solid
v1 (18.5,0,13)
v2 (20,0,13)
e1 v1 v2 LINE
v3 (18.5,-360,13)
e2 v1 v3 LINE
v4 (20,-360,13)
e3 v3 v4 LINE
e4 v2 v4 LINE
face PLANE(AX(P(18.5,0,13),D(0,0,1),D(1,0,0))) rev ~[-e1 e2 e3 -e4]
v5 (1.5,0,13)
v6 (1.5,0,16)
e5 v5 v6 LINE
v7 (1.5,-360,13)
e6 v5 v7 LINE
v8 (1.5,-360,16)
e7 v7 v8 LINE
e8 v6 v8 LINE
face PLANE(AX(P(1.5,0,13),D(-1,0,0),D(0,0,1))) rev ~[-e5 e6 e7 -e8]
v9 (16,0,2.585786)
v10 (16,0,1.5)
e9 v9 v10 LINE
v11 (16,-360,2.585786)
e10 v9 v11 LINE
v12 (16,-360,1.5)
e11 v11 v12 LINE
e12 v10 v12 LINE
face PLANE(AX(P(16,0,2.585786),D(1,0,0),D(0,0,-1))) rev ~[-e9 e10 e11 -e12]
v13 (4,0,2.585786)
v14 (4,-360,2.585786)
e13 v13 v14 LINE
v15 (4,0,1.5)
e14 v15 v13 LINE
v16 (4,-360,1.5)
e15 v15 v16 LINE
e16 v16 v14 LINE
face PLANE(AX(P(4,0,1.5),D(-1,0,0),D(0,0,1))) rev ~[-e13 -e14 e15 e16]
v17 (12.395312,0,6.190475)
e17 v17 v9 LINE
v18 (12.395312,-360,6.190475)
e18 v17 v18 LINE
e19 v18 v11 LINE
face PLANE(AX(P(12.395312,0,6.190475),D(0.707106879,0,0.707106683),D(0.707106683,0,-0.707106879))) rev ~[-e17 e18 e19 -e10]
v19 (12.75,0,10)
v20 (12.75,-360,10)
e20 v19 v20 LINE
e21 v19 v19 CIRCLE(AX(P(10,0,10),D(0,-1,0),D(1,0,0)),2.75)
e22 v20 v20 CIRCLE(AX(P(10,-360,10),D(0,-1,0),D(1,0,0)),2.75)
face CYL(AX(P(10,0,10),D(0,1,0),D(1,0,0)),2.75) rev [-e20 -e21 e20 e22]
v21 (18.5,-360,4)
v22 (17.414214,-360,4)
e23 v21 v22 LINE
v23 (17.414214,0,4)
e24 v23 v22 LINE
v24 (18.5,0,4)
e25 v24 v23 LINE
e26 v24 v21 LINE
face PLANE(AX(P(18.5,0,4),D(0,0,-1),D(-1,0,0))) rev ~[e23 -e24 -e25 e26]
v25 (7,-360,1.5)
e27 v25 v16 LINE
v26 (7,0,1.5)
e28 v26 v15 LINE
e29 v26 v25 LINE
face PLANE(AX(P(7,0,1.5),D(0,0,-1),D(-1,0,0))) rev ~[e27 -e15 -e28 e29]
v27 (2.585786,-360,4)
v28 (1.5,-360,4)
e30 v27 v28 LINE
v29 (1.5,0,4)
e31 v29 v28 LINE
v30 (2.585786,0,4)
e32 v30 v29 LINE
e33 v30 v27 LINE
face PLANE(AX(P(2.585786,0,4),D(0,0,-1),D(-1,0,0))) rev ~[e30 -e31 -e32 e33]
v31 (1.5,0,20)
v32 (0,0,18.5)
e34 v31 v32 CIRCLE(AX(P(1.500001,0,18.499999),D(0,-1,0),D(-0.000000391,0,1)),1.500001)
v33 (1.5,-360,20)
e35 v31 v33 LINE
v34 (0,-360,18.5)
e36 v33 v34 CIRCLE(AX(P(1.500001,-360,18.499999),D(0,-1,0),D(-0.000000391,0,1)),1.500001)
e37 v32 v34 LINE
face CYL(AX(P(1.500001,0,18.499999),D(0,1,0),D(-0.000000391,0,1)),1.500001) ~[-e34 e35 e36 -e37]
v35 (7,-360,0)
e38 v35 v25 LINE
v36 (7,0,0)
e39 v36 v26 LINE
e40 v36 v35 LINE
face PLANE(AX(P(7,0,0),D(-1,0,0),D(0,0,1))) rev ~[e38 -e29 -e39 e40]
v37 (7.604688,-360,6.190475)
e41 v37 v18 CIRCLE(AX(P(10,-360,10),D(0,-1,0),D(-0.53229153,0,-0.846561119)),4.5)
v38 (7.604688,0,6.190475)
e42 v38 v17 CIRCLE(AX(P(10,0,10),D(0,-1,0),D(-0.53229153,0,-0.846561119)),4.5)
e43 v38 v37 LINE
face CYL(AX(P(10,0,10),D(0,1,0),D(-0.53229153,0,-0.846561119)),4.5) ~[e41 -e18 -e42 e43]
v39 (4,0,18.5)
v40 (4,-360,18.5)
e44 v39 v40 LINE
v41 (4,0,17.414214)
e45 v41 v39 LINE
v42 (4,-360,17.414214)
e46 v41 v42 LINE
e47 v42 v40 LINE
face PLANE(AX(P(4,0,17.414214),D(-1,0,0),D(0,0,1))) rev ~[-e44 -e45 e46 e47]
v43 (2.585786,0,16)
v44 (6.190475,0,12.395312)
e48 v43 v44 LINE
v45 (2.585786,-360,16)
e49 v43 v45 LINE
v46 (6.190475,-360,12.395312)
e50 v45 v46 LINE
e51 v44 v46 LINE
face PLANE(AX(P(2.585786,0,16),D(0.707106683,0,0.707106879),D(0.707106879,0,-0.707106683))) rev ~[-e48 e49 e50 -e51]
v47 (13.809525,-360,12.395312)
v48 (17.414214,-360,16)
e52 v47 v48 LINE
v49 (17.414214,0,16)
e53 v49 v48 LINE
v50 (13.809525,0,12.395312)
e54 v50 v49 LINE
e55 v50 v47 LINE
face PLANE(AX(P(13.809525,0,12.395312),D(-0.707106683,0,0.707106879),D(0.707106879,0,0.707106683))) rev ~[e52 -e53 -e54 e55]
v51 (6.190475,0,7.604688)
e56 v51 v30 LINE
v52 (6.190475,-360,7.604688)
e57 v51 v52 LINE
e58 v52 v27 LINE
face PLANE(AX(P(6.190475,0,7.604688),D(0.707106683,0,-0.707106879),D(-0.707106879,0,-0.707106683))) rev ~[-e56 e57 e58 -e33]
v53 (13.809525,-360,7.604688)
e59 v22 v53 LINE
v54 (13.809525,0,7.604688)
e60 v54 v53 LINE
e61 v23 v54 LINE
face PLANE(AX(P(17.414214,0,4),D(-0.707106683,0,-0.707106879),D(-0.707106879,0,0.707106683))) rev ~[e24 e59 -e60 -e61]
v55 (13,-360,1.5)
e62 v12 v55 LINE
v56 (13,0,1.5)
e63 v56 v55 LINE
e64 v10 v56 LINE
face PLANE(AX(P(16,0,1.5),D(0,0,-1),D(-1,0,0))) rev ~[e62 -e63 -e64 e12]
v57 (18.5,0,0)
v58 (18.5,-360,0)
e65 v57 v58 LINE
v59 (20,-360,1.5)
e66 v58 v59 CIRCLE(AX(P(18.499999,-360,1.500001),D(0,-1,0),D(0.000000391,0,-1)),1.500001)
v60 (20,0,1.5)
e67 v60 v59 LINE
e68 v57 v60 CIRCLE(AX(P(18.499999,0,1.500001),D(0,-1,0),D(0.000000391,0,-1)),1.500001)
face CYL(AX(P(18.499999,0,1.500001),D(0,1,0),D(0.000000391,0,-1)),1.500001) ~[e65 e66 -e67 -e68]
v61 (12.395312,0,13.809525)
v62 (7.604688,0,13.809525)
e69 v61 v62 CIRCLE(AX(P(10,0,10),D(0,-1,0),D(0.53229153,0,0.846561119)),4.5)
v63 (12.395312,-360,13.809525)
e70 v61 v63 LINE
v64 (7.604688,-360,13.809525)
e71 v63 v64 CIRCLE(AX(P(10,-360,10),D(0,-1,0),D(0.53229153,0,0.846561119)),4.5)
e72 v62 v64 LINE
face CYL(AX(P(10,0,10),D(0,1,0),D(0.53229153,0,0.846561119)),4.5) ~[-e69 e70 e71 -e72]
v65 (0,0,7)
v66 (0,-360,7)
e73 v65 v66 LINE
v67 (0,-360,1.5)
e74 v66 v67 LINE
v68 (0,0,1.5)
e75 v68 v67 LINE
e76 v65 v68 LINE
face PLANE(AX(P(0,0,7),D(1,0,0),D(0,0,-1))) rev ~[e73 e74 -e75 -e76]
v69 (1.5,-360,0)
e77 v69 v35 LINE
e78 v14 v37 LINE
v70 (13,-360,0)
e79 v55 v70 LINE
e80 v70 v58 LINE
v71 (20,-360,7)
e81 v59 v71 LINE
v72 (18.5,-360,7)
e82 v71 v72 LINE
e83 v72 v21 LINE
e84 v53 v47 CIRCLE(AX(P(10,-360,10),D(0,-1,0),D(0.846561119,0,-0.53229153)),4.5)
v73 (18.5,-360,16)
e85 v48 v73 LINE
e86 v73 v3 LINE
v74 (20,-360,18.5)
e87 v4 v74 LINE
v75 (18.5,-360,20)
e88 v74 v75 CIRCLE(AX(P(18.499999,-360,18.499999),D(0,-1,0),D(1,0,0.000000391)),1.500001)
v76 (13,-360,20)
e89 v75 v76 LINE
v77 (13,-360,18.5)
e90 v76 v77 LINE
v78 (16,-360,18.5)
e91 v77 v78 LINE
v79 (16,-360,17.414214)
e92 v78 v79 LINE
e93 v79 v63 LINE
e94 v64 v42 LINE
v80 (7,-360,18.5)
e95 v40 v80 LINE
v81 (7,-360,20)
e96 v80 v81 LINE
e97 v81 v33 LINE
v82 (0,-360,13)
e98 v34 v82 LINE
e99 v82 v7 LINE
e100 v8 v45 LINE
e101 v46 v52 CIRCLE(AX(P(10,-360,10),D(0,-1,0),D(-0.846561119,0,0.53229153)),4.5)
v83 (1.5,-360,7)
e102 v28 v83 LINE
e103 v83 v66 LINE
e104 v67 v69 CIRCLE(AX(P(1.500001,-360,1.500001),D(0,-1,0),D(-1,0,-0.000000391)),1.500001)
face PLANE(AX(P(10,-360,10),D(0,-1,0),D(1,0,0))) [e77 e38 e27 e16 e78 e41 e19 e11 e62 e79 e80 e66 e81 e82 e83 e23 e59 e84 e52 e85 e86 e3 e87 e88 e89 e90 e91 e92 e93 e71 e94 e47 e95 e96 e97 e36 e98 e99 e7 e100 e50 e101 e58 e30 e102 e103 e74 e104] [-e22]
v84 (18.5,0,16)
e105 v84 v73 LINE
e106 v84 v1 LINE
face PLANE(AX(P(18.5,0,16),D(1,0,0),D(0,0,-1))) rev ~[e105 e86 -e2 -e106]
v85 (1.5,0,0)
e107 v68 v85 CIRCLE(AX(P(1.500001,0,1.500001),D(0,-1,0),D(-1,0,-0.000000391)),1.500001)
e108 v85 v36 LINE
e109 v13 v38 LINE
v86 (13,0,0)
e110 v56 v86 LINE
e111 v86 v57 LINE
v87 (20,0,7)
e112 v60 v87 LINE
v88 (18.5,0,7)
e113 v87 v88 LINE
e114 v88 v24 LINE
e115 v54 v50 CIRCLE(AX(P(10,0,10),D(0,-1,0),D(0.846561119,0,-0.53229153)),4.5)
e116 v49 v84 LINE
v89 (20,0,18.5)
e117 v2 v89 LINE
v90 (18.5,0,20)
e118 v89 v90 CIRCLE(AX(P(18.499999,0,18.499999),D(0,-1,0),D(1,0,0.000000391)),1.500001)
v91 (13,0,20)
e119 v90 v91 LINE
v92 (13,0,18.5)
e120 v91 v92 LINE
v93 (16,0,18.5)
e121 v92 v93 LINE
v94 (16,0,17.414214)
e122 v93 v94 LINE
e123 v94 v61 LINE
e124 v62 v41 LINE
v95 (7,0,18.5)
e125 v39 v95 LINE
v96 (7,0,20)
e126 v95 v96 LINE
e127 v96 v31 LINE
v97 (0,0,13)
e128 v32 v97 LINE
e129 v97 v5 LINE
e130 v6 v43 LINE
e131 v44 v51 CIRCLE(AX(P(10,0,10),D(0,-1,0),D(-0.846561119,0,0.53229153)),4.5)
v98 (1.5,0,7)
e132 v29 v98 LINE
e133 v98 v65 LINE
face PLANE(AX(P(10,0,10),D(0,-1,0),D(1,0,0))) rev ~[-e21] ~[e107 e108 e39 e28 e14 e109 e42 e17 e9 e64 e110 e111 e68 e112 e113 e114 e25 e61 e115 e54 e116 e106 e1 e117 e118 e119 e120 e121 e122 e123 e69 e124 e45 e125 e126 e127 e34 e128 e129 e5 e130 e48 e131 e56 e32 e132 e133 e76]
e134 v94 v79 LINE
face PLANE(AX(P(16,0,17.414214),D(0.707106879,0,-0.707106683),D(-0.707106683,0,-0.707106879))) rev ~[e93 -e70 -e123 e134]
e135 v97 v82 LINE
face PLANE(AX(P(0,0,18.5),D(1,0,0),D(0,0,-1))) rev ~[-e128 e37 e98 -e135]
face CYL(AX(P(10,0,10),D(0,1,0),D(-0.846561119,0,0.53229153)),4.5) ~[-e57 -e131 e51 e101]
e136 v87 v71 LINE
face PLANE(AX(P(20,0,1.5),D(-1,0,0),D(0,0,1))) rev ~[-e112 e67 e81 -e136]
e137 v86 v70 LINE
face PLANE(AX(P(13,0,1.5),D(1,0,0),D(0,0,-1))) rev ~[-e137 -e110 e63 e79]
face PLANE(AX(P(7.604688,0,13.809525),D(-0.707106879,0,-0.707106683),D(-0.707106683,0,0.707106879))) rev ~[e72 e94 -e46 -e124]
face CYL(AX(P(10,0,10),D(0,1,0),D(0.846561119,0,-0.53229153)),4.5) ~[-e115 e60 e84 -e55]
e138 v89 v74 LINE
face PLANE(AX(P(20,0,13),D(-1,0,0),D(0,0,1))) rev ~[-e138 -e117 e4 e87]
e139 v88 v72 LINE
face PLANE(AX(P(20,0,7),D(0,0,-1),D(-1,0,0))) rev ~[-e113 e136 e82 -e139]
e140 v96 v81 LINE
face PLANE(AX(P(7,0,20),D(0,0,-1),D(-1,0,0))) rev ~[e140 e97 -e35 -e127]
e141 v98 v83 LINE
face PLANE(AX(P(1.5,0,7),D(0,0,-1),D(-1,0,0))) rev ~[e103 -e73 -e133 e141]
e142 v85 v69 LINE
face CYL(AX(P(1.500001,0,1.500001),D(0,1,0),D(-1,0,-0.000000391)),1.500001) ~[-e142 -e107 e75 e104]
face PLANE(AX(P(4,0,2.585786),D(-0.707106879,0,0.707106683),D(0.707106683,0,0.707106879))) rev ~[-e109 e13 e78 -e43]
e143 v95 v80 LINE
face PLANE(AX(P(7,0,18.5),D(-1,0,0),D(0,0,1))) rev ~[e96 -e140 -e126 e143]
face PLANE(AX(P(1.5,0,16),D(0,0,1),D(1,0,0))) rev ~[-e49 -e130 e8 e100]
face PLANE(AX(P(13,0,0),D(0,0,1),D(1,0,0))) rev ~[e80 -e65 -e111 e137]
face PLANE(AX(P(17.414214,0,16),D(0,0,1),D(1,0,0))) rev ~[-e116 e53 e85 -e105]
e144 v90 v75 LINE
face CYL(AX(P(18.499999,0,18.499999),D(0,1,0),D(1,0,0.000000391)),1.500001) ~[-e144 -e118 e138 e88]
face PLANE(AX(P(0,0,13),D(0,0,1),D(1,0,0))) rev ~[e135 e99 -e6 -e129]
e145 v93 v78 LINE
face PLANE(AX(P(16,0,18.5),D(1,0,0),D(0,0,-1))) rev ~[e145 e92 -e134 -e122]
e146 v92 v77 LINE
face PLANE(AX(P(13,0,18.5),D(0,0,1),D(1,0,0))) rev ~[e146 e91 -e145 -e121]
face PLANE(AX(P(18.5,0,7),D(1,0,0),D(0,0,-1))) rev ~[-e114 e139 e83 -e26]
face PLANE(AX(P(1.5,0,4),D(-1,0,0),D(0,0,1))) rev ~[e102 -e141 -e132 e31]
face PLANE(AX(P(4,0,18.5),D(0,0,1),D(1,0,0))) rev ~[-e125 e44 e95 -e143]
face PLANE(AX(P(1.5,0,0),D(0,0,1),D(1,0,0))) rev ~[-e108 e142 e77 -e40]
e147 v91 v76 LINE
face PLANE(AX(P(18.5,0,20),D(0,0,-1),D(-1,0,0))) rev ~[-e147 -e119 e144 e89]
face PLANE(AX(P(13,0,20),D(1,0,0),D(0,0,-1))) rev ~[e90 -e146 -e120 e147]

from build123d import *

# Parameters (mm, degrees)
F0_R     = 2.75
F1_DEPTH = 360


with BuildPart() as f1:
    # F0 (on Front) → F1 (new body)
    with BuildSketch(Plane.XZ):
        with BuildLine():
            ThreePointArc((0, 1.5), (0.43934, 0.43934), (1.5, 0))
            Line((1.5, 0), (7, 0))
            Line((7, 0), (7, 1.5))
            Line((7, 1.5), (4, 1.5))
            Line((4, 1.5), (4, 2.585786))
            Line((4, 2.585786), (7.604688, 6.190475))
            ThreePointArc((7.604688, 6.190475), (10, 5.5), (12.395312, 6.190475))
            Line((12.395312, 6.190475), (16, 2.585786))
            Line((16, 2.585786), (16, 1.5))
            Line((16, 1.5), (13, 1.5))
            Line((13, 1.5), (13, 0))
            Line((13, 0), (18.5, 0))
            ThreePointArc((18.5, 0), (19.56066, 0.43934), (20, 1.5))
            Line((20, 1.5), (20, 7))
            Line((20, 7), (18.5, 7))
            Line((18.5, 7), (18.5, 4))
            Line((18.5, 4), (17.414214, 4))
            Line((17.414214, 4), (13.809525, 7.604688))
            ThreePointArc((13.809525, 7.604688), (14.5, 10), (13.809525, 12.395312))
            Line((13.809525, 12.395312), (17.414214, 16))
            Line((17.414214, 16), (18.5, 16))
            Line((18.5, 16), (18.5, 13))
            Line((18.5, 13), (20, 13))
            Line((20, 13), (20, 18.5))
            ThreePointArc((20, 18.5), (19.56066, 19.56066), (18.5, 20))
            Line((18.5, 20), (13, 20))
            Line((13, 20), (13, 18.5))
            Line((13, 18.5), (16, 18.5))
            Line((16, 18.5), (16, 17.414214))
            Line((16, 17.414214), (12.395312, 13.809525))
            ThreePointArc((12.395312, 13.809525), (10, 14.5), (7.604688, 13.809525))
            Line((7.604688, 13.809525), (4, 17.414214))
            Line((4, 17.414214), (4, 18.5))
            Line((4, 18.5), (7, 18.5))
            Line((7, 18.5), (7, 20))
            Line((7, 20), (1.5, 20))
            ThreePointArc((1.5, 20), (0.43934, 19.56066), (0, 18.5))
            Line((0, 18.5), (0, 13))
            Line((0, 13), (1.5, 13))
            Line((1.5, 13), (1.5, 16))
            Line((1.5, 16), (2.585786, 16))
            Line((2.585786, 16), (6.190475, 12.395312))
            ThreePointArc((6.190475, 12.395312), (5.5, 10), (6.190475, 7.604688))
            Line((6.190475, 7.604688), (2.585786, 4))
            Line((2.585786, 4), (1.5, 4))
            Line((1.5, 4), (1.5, 7))
            Line((1.5, 7), (0, 7))
            Line((0, 7), (0, 1.5))
        make_face()
        with Locations((10, 10)):
            Circle(F0_R, mode=Mode.SUBTRACT)
    extrude(amount=F1_DEPTH)


solid = f1.part
